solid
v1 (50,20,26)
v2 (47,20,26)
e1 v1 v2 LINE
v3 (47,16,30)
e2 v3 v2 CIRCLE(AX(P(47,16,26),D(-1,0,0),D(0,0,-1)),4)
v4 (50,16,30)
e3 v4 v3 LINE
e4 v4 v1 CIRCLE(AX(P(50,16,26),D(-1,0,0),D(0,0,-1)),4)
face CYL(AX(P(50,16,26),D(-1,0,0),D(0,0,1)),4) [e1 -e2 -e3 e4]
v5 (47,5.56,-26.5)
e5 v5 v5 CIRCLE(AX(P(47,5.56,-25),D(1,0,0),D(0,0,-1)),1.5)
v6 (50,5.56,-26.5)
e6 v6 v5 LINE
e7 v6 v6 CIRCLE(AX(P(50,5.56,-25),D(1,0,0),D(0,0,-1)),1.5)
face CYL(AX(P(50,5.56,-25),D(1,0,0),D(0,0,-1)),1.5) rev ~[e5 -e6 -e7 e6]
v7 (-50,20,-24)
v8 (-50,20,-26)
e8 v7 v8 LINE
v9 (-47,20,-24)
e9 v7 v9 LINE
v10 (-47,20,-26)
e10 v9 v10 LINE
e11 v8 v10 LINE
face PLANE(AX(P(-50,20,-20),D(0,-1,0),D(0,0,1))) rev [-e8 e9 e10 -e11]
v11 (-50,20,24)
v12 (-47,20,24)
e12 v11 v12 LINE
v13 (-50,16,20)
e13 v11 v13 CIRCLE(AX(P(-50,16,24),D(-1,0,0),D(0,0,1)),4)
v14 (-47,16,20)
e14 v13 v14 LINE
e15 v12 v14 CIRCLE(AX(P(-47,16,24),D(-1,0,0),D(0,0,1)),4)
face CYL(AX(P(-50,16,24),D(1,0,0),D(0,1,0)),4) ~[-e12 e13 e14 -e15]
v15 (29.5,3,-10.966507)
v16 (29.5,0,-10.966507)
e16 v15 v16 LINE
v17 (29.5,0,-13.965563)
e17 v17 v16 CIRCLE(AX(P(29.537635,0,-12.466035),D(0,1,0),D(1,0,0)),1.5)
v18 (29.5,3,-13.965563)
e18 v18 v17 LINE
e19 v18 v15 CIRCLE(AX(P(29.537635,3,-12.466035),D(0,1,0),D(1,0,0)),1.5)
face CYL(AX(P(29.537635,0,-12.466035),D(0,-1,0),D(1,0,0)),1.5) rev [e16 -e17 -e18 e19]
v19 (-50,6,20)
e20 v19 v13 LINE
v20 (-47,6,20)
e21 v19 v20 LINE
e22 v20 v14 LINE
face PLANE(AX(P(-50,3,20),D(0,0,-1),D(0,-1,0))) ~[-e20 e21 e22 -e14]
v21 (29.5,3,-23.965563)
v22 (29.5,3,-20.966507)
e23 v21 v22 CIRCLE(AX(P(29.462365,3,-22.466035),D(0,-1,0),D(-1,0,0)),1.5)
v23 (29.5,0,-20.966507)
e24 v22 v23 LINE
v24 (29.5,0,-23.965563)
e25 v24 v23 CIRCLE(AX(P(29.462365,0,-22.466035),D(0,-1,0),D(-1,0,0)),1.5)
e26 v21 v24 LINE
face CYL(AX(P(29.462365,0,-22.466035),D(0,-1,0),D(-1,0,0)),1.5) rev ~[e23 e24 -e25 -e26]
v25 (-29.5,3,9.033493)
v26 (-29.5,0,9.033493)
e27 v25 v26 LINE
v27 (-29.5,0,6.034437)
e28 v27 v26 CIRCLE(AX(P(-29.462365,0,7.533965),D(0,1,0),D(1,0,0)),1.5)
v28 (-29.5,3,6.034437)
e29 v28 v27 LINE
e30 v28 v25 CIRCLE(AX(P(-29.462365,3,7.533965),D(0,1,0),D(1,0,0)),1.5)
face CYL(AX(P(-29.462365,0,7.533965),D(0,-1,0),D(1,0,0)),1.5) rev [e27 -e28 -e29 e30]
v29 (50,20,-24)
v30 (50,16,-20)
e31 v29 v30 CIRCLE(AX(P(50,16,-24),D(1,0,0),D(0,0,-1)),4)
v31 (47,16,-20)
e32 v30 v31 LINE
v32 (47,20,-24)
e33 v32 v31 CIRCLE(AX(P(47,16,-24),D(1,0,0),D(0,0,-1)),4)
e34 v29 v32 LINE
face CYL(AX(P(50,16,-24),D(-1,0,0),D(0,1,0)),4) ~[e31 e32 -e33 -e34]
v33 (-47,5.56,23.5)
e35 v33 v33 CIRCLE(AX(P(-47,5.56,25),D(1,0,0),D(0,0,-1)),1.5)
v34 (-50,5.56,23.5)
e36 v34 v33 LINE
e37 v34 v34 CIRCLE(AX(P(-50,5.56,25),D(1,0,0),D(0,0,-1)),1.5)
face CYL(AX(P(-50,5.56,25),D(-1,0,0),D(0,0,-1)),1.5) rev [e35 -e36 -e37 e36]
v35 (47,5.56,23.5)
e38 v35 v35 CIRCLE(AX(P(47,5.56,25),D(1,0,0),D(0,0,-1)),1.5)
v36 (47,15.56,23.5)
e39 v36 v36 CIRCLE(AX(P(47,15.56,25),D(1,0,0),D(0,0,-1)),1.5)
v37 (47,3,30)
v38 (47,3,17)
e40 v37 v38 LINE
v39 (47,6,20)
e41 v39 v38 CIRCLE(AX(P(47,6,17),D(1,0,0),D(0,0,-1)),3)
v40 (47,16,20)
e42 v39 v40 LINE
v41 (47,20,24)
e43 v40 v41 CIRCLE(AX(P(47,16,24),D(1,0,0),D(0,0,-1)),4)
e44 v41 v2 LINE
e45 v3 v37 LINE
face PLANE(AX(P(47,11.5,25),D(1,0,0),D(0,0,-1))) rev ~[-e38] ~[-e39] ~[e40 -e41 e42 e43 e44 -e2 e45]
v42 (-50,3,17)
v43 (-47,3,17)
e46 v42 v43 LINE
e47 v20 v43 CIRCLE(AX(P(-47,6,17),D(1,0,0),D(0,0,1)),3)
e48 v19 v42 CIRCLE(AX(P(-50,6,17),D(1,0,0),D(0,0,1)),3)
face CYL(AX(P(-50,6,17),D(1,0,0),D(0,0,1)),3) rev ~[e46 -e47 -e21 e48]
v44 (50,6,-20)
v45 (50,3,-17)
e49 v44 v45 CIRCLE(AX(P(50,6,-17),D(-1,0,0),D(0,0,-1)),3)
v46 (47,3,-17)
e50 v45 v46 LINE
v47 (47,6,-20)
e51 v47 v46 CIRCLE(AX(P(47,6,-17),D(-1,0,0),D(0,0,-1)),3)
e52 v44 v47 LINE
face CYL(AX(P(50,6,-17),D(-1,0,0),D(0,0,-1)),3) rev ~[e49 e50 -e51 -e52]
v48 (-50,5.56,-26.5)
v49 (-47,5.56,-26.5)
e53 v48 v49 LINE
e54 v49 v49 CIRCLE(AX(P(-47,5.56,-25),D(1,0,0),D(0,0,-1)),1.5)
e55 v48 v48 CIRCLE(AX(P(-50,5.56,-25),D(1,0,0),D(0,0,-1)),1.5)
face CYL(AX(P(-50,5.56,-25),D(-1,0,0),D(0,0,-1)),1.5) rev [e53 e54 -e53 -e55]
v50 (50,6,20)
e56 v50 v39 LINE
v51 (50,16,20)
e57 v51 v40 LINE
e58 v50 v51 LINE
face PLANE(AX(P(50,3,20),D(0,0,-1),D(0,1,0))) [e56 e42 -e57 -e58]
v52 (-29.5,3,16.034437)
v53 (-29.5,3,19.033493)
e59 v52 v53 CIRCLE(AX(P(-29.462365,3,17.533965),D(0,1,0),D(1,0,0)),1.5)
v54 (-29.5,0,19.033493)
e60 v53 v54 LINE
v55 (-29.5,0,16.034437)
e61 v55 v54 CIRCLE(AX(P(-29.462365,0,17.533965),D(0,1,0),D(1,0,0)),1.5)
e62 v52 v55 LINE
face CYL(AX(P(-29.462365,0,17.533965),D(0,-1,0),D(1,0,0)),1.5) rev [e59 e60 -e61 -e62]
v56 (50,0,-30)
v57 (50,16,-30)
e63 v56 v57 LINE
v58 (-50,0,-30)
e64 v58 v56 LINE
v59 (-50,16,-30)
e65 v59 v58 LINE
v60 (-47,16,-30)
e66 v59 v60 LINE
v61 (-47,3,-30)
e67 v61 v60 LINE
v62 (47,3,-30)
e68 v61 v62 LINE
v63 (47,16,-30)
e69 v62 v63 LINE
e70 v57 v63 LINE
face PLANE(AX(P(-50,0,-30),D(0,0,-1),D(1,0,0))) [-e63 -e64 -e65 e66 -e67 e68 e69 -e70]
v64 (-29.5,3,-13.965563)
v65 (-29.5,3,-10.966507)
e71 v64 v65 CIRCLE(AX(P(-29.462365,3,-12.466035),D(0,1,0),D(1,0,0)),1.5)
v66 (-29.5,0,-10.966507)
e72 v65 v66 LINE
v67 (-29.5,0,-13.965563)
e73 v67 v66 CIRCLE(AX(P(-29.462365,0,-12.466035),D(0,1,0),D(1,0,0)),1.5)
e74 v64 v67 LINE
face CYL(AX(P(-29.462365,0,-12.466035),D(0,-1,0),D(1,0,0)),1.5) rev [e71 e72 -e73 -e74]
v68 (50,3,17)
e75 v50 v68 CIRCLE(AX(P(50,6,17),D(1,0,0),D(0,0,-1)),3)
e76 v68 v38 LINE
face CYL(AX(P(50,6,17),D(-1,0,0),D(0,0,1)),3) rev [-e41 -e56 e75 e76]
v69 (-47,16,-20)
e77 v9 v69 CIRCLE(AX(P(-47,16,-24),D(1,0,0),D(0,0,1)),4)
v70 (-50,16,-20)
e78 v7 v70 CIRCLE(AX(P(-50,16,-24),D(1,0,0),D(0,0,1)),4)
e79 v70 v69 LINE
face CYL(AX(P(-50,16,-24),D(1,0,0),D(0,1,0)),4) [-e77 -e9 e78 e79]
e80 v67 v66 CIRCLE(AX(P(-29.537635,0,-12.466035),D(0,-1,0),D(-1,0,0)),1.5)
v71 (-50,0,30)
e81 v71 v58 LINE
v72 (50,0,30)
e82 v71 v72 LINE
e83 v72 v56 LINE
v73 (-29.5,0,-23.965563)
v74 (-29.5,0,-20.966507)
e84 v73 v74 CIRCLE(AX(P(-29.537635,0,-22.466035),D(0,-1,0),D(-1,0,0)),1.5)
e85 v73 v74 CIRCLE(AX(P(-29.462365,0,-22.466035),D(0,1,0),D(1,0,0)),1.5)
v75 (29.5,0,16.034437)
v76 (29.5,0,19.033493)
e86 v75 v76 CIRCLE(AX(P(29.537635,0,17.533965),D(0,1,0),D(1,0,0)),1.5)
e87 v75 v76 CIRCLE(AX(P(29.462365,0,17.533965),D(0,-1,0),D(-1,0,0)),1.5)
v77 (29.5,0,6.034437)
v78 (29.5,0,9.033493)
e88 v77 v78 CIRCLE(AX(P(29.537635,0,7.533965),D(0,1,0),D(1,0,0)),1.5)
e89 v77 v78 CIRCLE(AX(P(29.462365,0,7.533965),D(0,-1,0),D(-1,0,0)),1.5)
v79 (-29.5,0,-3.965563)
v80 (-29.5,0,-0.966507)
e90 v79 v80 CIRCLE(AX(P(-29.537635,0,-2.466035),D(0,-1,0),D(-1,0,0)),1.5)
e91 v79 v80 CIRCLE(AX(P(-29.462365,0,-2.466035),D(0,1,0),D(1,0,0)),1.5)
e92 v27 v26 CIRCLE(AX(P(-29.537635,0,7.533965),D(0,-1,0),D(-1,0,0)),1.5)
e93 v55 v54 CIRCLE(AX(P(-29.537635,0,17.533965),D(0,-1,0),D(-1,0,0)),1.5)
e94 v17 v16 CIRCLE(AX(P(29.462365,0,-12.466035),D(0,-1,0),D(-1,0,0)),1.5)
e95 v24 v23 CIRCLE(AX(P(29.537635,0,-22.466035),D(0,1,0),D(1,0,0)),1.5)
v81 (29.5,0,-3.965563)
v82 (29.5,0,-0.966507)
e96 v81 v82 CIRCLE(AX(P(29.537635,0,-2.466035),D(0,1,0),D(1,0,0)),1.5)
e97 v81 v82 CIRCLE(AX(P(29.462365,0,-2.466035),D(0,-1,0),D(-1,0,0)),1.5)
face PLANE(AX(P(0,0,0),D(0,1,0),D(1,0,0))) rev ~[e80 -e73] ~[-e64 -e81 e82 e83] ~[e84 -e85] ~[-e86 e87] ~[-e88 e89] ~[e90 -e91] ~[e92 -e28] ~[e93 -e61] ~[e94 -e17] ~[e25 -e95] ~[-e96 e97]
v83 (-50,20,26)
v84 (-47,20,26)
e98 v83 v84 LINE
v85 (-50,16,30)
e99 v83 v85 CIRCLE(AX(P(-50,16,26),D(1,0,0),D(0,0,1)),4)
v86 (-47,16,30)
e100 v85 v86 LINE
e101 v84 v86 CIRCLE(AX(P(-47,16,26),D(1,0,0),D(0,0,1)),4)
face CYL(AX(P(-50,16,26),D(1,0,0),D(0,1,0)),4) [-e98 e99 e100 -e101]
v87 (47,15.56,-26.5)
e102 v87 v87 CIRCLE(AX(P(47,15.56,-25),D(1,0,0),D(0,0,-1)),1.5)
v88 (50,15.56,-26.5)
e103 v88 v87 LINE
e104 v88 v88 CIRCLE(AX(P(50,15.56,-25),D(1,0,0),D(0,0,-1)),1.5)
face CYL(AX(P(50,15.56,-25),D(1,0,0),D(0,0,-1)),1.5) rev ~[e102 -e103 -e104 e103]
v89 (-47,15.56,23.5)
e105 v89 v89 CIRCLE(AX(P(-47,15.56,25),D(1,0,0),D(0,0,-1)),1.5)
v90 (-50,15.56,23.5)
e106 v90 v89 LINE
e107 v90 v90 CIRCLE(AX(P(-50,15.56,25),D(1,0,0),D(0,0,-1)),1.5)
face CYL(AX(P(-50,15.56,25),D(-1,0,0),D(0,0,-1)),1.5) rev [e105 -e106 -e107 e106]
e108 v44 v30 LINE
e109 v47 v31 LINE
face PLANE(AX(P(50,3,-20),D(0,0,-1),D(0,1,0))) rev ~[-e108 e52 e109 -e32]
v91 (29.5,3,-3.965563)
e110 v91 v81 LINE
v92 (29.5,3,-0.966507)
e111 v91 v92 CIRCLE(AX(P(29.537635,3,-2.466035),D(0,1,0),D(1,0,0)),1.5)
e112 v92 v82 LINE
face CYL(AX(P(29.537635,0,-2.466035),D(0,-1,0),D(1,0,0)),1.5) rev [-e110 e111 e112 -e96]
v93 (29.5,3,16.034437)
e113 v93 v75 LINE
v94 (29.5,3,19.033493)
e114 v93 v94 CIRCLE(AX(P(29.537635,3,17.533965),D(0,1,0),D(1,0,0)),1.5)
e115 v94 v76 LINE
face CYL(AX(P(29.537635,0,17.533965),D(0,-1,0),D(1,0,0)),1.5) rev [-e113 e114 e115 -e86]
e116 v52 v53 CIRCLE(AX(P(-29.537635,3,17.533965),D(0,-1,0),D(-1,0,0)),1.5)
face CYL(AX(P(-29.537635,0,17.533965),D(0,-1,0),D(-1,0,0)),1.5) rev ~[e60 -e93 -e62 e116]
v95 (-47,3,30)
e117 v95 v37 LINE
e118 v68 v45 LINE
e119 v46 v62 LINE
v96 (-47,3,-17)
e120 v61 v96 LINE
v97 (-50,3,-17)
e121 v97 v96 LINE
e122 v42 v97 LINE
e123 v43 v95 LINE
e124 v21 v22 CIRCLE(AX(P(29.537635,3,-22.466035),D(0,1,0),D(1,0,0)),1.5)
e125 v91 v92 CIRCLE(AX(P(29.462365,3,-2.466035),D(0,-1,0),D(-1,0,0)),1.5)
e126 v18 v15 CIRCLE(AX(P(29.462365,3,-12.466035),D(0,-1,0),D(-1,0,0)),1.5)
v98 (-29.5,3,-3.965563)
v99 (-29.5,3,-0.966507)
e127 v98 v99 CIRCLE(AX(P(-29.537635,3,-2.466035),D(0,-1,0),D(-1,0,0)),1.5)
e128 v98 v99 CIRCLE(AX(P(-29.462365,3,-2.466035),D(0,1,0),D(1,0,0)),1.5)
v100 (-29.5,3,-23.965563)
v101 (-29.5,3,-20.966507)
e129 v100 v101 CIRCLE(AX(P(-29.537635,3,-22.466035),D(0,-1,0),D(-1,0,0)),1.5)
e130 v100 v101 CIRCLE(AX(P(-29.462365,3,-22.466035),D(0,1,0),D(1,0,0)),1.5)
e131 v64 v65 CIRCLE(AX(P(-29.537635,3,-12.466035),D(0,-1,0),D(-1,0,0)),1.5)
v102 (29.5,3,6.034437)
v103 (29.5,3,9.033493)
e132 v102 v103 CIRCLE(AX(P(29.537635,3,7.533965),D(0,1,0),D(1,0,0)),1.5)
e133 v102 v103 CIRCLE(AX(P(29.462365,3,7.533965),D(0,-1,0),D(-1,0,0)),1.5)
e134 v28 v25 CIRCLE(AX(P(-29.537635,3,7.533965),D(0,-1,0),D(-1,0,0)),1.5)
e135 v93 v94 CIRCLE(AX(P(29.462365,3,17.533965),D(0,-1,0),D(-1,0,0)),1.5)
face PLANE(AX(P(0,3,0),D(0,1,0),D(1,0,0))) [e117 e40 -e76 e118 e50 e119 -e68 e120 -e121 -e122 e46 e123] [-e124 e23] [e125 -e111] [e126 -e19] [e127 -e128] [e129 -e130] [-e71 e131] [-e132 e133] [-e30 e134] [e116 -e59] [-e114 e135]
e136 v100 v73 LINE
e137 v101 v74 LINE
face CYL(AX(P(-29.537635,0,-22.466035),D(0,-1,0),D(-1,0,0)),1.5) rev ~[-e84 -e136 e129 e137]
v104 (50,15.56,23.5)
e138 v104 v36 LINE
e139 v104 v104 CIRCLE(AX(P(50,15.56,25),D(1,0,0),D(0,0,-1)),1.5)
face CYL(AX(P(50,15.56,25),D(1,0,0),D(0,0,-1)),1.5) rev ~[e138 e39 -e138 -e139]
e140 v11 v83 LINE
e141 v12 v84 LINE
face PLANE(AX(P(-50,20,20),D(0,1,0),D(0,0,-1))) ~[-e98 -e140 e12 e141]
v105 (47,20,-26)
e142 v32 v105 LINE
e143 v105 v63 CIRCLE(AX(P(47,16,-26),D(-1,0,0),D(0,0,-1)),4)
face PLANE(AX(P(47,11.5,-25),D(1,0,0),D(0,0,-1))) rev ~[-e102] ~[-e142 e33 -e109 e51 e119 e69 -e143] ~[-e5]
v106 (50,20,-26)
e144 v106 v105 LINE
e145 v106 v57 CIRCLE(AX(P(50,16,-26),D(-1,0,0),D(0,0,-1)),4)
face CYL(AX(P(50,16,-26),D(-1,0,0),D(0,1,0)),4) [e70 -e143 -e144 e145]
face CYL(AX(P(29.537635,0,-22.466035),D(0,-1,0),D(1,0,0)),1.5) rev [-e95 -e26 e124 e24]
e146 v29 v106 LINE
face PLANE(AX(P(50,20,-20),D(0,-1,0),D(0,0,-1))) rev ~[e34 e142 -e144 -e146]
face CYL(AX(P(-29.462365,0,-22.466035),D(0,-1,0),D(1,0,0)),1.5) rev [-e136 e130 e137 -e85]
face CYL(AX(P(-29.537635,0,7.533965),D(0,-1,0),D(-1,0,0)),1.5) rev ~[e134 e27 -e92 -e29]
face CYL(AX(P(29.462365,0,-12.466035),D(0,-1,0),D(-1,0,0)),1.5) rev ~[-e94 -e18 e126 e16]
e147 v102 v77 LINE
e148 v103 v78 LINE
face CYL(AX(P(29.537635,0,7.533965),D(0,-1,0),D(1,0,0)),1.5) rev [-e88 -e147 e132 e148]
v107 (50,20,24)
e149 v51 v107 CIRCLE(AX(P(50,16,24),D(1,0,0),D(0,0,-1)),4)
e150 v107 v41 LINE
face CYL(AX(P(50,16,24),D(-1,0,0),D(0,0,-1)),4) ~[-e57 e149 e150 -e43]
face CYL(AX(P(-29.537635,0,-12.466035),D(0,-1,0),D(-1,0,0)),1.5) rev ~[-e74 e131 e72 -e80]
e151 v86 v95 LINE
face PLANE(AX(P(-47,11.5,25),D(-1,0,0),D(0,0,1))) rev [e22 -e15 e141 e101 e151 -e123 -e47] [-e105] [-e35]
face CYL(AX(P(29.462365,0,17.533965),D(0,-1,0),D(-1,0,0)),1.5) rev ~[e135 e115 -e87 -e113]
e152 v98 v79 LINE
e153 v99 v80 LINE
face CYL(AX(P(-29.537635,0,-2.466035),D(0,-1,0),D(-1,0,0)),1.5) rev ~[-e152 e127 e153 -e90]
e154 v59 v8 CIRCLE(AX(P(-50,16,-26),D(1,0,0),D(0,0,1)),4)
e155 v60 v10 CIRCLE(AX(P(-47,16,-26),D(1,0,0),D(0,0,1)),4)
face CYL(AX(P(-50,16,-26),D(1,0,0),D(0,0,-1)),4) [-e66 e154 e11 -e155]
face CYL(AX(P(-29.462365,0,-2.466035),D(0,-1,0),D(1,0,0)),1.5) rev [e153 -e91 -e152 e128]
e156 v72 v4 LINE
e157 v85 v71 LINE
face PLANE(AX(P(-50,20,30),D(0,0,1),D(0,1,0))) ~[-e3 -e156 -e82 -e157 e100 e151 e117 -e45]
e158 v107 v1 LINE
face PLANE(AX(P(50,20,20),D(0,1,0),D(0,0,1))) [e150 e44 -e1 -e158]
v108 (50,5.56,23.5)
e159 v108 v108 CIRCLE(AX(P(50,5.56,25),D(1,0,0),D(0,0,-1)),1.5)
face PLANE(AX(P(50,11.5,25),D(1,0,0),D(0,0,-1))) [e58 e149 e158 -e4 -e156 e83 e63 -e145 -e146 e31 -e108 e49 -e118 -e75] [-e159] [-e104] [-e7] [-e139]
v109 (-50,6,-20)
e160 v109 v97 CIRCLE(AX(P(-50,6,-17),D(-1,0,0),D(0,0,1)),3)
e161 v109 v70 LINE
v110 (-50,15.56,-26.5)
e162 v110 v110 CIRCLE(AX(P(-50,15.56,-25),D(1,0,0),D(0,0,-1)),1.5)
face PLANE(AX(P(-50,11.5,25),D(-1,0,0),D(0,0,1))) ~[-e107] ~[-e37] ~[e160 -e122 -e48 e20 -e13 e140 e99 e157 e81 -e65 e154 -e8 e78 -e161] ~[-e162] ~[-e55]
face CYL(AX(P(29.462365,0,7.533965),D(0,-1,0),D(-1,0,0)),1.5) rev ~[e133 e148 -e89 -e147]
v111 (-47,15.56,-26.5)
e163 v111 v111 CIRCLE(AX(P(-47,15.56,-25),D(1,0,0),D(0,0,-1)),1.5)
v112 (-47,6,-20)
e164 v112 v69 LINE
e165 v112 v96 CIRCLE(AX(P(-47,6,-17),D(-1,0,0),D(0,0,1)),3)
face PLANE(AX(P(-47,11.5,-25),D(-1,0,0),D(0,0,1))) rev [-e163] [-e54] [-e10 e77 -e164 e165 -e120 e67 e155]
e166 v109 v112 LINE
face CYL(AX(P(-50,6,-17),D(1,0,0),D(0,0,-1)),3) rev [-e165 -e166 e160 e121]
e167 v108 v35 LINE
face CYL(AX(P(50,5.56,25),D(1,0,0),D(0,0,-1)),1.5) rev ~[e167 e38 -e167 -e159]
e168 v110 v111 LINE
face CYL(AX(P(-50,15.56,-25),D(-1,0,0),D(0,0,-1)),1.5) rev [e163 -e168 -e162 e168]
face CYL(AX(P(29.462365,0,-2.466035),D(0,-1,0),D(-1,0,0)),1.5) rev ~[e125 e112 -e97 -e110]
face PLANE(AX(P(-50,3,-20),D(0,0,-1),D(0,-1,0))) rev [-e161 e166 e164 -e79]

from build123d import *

# Parameters (mm, degrees)
SKETCH1_W           = 100
SKETCH1_H           = 60
SKETCH1_R           = 1.5
BOSS_EXTRUDE1_DEPTH = 3
SKETCH3_R           = 1.5
SKETCH3_W           = 10
SKETCH3_H           = 17
BOSS_EXTRUDE2_DEPTH = 3
FILLET1_R           = 3
FILLET2_R           = 4


with BuildPart() as part:
    # Sketch1 → Boss-Extrude1 (new body)
    with BuildSketch(Plane(origin=(0, 0, 0), x_dir=(1, 0, 0), z_dir=(0, 1, 0))):
        Rectangle(SKETCH1_W, SKETCH1_H)
        with Locations((-29.462365137, -17.533964752)):
            Circle(SKETCH1_R, mode=Mode.SUBTRACT)
        with Locations((-29.462365137, -7.533964752)):
            Circle(SKETCH1_R, mode=Mode.SUBTRACT)
        with Locations((-29.462365137, 2.466035248)):
            Circle(SKETCH1_R, mode=Mode.SUBTRACT)
        with Locations((-29.462365137, 12.466035248)):
            Circle(SKETCH1_R, mode=Mode.SUBTRACT)
        with Locations((-29.462365137, 22.466035248)):
            Circle(SKETCH1_R, mode=Mode.SUBTRACT)
        with Locations((29.537634863, 22.466035248)):
            Circle(SKETCH1_R, mode=Mode.SUBTRACT)
        with Locations((29.537634863, 12.466035248)):
            Circle(SKETCH1_R, mode=Mode.SUBTRACT)
        with Locations((29.537634863, 2.466035248)):
            Circle(SKETCH1_R, mode=Mode.SUBTRACT)
        with Locations((29.537634863, -7.533964752)):
            Circle(SKETCH1_R, mode=Mode.SUBTRACT)
        with Locations((29.537634863, -17.533964752)):
            Circle(SKETCH1_R, mode=Mode.SUBTRACT)
    boss_extrude1 = extrude(amount=BOSS_EXTRUDE1_DEPTH)

    # Sketch3 → Boss-Extrude2 (add)
    with BuildSketch(Plane(origin=(50, 0, 0), x_dir=(0, 0, -1), z_dir=(1, 0, 0))):
        Polygon((-30, 3), (-25, 3), (-20, 3), (-20, 20), (-30, 20), align=None)
        with Locations((-25, 5.56)):
            Circle(SKETCH3_R, mode=Mode.SUBTRACT)
        with Locations((-25, 15.56)):
            Circle(SKETCH3_R, mode=Mode.SUBTRACT)
        with Locations((25, 11.5)):
            Rectangle(SKETCH3_W, SKETCH3_H)
        with Locations((25, 5.56)):
            Circle(SKETCH3_R, mode=Mode.SUBTRACT)
        with Locations((25, 15.56)):
            Circle(SKETCH3_R, mode=Mode.SUBTRACT)
    boss_extrude2 = extrude(amount=-BOSS_EXTRUDE2_DEPTH)

    # Mirror1: Boss-Extrude1, Boss-Extrude2 across plane
    add(boss_extrude1.mirror(Plane(origin=(0, 0, 0), x_dir=(0, 0, 1), z_dir=(1, 0, 0))))
    add(boss_extrude2.mirror(Plane(origin=(0, 0, 0), x_dir=(0, 0, 1), z_dir=(1, 0, 0))))

    # Fillet1
    fillet1_edges = [part.edges().sort_by_distance(p)[0] for p in [
        (48.5, 3, 20),
        (48.5, 3, -20),
        (-48.5, 3, 20),
        (-48.5, 3, -20),
    ]]
    fillet(fillet1_edges, radius=FILLET1_R)

    # Fillet2
    fillet2_edges = [part.edges().sort_by_distance(p)[0] for p in [
        (-48.5, 20, 30),
        (-48.5, 20, 20),
        (-48.5, 20, -20),
        (-48.5, 20, -30),
        (48.5, 20, -20),
        (48.5, 20, -30),
        (48.5, 20, 30),
        (48.5, 20, 20),
    ]]
    fillet(fillet2_edges, radius=FILLET2_R)


solid = part.part
